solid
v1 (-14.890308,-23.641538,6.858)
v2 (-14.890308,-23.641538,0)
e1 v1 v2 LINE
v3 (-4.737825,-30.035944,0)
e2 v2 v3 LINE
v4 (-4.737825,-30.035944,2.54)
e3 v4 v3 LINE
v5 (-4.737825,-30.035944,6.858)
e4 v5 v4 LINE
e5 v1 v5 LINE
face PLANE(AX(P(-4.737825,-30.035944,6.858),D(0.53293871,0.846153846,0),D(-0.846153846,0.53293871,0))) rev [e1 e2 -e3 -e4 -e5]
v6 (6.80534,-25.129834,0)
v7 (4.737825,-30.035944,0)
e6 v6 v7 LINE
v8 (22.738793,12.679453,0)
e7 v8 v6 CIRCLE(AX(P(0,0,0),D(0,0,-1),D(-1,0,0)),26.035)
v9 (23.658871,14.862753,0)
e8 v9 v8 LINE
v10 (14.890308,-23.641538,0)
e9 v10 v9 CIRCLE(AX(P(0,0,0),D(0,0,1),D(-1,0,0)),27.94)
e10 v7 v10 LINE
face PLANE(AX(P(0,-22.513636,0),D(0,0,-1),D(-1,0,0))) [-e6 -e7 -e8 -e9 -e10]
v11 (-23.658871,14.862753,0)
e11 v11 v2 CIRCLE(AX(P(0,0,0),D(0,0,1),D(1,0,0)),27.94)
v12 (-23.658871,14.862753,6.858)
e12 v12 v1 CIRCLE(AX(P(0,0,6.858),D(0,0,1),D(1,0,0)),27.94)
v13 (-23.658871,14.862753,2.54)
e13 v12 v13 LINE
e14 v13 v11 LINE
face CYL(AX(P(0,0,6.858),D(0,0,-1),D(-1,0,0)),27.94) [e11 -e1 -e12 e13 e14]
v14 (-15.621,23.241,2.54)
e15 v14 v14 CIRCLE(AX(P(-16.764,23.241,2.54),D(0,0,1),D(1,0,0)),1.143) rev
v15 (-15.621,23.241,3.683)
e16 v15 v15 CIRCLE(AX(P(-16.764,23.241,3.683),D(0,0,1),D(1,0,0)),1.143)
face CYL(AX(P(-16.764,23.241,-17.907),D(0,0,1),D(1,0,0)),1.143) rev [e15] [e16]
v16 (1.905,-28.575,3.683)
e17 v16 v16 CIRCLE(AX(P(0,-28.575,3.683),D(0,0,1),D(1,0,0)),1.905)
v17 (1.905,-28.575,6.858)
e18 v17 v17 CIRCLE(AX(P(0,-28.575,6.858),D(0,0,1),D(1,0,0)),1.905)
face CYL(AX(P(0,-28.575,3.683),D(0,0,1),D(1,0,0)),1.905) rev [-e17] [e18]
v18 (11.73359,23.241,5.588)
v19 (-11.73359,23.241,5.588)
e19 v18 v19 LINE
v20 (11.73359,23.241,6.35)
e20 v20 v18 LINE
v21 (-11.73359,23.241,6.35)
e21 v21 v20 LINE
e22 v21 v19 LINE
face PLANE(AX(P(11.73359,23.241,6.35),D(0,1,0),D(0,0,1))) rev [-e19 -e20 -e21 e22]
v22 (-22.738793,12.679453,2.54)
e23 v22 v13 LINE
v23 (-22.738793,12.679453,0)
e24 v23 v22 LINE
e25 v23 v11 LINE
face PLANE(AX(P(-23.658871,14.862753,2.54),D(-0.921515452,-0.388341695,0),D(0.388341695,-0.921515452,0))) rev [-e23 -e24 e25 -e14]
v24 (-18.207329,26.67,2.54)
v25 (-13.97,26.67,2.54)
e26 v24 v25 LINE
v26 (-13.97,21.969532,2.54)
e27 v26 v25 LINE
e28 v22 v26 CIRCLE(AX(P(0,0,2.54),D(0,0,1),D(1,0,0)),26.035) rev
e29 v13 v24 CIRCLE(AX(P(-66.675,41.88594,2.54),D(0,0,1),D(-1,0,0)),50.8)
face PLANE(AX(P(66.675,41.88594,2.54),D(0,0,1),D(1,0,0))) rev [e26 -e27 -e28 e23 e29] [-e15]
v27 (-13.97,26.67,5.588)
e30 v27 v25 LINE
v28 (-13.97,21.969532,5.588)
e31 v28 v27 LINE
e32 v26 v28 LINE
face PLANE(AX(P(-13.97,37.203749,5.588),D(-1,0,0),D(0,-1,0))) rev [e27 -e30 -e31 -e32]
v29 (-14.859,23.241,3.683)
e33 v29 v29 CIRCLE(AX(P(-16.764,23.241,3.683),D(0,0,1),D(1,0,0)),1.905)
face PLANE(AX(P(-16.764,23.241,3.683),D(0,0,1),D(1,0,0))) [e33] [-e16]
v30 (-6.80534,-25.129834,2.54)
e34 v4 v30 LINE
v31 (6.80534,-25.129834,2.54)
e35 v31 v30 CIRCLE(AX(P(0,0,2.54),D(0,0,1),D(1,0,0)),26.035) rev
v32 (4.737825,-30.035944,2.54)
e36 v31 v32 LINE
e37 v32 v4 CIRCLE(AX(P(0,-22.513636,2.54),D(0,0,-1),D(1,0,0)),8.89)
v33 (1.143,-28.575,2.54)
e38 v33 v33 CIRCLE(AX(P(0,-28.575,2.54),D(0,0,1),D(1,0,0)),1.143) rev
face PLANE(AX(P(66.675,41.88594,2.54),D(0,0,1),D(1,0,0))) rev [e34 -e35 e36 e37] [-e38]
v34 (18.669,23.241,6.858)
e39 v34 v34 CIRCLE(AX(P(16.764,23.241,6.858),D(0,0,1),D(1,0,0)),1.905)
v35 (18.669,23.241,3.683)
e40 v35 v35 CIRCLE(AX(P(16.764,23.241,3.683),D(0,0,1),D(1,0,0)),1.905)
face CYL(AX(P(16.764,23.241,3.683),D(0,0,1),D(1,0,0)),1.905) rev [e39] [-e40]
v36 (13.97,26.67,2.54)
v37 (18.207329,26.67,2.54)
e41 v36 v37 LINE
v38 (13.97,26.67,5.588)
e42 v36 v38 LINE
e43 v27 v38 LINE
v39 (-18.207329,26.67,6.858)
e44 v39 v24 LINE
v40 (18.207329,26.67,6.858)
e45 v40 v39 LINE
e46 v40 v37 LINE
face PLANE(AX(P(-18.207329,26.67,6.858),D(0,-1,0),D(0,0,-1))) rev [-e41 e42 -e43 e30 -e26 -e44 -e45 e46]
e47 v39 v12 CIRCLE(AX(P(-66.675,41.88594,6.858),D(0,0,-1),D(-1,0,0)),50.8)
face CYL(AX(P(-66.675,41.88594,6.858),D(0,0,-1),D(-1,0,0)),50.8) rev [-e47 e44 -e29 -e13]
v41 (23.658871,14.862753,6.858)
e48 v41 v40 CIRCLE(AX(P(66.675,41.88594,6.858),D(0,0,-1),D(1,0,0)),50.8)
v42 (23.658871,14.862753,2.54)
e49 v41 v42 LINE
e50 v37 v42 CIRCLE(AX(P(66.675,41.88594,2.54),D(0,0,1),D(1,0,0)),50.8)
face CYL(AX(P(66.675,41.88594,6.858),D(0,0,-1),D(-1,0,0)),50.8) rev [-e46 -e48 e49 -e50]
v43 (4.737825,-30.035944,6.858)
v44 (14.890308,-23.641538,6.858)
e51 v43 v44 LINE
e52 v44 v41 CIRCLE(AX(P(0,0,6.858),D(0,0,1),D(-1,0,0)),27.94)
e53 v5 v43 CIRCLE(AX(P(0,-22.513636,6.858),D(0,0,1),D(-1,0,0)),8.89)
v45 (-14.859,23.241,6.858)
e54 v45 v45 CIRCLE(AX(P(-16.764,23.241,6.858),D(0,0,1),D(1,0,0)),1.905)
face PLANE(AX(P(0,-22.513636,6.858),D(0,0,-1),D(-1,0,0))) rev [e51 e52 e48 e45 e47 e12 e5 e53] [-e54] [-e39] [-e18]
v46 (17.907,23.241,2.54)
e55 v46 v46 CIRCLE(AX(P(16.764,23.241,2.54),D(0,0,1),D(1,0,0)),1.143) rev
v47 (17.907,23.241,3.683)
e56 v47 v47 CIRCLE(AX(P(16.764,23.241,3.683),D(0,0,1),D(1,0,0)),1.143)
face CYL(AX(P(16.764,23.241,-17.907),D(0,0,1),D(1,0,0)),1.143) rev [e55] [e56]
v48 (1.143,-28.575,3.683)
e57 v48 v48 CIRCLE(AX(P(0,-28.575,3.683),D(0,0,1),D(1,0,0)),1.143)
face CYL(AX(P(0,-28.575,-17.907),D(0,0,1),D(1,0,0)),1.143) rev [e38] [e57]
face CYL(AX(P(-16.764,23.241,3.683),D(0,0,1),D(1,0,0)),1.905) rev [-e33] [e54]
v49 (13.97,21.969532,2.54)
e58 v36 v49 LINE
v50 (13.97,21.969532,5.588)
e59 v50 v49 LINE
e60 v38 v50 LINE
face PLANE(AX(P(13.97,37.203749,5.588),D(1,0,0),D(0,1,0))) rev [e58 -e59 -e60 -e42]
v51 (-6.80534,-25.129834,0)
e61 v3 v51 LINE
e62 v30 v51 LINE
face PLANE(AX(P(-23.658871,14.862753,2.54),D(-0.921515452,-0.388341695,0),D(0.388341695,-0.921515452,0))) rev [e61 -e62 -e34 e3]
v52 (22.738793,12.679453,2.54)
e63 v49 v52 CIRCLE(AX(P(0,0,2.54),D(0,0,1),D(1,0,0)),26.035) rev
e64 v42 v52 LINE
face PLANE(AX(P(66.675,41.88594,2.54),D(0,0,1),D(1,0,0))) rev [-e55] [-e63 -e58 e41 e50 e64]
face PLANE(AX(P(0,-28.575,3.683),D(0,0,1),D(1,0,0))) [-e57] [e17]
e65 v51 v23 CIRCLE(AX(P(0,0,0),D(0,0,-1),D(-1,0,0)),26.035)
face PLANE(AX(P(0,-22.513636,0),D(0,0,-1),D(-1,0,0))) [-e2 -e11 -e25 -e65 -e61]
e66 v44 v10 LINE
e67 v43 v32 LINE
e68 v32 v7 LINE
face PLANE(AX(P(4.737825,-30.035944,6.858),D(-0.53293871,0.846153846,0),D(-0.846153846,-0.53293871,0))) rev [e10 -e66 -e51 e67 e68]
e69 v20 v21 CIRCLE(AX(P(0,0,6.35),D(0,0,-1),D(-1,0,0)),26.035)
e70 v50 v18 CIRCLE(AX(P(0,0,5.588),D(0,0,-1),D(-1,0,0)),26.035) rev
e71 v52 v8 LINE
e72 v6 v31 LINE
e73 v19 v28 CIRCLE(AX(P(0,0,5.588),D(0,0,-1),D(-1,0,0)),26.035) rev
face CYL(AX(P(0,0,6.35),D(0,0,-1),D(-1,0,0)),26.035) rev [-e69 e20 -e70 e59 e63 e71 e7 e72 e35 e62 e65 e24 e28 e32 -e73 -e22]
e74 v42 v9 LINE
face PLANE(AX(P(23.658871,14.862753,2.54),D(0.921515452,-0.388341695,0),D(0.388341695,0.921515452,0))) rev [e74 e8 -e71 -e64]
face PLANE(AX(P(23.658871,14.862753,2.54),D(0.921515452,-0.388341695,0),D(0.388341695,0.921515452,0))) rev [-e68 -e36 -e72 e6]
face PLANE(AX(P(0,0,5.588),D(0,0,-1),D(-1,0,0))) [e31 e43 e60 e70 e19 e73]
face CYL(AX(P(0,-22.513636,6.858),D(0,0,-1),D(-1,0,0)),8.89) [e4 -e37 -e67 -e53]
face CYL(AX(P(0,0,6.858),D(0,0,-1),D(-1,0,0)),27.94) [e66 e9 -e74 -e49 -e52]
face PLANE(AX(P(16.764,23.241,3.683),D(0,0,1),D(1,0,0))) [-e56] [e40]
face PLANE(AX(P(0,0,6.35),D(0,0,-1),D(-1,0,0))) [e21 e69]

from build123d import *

# Parameters (mm, degrees)
BOSS_EXTRUDE1_DEPTH = 6.858
CUT_EXTRUDE1_DEPTH  = 6.35
SKETCH3_W           = 27.94
SKETCH3_H           = 25.845942769
CUT_EXTRUDE2_DEPTH  = 5.588
SKETCH4_R           = 1.905
CUT_EXTRUDE3_DEPTH  = 3.175
SKETCH5_R           = 1.143
CUT_EXTRUDE4_DEPTH  = 21.59
CUT_EXTRUDE5_DEPTH  = 2.54


with BuildPart() as part:
    # Sketch1 → Boss-Extrude1 (new body)
    with BuildSketch(Plane.XY):
        with BuildLine():
            Line((-4.737825132, -30.035944056), (-14.890307558, -23.641538462))
            ThreePointArc((-14.890307558, -23.641538462), (-27.242520167, -6.203925768), (-23.658870968, 14.862752926))
            ThreePointArc((-23.658870968, 14.862752926), (-20.55370118, 20.591203739), (-18.20732863, 26.67))
            Line((-18.20732863, 26.67), (18.20732863, 26.67))
            ThreePointArc((18.20732863, 26.67), (20.55370118, 20.591203739), (23.658870968, 14.862752926))
            ThreePointArc((23.658870968, 14.862752926), (27.242520167, -6.203925768), (14.890307558, -23.641538462))
            Line((14.890307558, -23.641538462), (4.737825132, -30.035944056))
            ThreePointArc((4.737825132, -30.035944056), (0, -31.403636364), (-4.737825132, -30.035944056))
        make_face()
    extrude(amount=BOSS_EXTRUDE1_DEPTH)

    # Sketch2 → Cut-Extrude1 (cut)
    with BuildSketch(Plane(origin=(0, 0, 0), x_dir=(-1, 0, 0), z_dir=(0, 0, -1))):
        with BuildLine():
            Line((-11.733590414, 23.241), (11.733590414, 23.241))
            ThreePointArc((11.733590414, 23.241), (0, -26.035), (-11.733590414, 23.241))
        make_face()
    extrude(amount=-CUT_EXTRUDE1_DEPTH, mode=Mode.SUBTRACT)

    # Sketch3 → Cut-Extrude2 (cut)
    with BuildSketch(Plane(origin=(0, 0, 0), x_dir=(-1, 0, 0), z_dir=(0, 0, -1))):
        with Locations((0, 24.280777857)):
            Rectangle(SKETCH3_W, SKETCH3_H)
    extrude(amount=-CUT_EXTRUDE2_DEPTH, mode=Mode.SUBTRACT)

    # Sketch4 → Cut-Extrude3 (cut)
    with BuildSketch(Plane.XY.offset(6.858)):
        with Locations((0, -28.575)):
            Circle(SKETCH4_R)
        with Locations((-16.764, 23.241)):
            Circle(SKETCH4_R)
        with Locations((16.764, 23.241)):
            Circle(SKETCH4_R)
    extrude(amount=-CUT_EXTRUDE3_DEPTH, mode=Mode.SUBTRACT)

    # Sketch5 → Cut-Extrude4 (cut)
    with BuildSketch(Plane.XY.offset(3.683)):
        with Locations((-16.764, 23.241)):
            Circle(SKETCH5_R)
        with Locations((16.764, 23.241)):
            Circle(SKETCH5_R)
        with Locations((0, -28.575)):
            Circle(SKETCH5_R)
    extrude(amount=-CUT_EXTRUDE4_DEPTH, mode=Mode.SUBTRACT)

    # Sketch6 → Cut-Extrude5 (cut)
    with BuildSketch(Plane(origin=(0, 0, 0), x_dir=(-1, 0, 0), z_dir=(0, 0, -1))):
        with BuildLine():
            Line((-23.658870968, 14.862752926), (-4.737825132, -30.035944056))
            ThreePointArc((-4.737825132, -30.035944056), (0, -31.403636364), (4.737825132, -30.035944056))
            Line((4.737825132, -30.035944056), (23.658870968, 14.862752926))
            ThreePointArc((23.658870968, 14.862752926), (20.55370118, 20.591203739), (18.20732863, 26.67))
            Line((18.20732863, 26.67), (-18.20732863, 26.67))
            ThreePointArc((-18.20732863, 26.67), (-20.55370118, 20.591203739), (-23.658870968, 14.862752926))
        make_face()
    extrude(amount=-CUT_EXTRUDE5_DEPTH, mode=Mode.SUBTRACT)


solid = part.part
